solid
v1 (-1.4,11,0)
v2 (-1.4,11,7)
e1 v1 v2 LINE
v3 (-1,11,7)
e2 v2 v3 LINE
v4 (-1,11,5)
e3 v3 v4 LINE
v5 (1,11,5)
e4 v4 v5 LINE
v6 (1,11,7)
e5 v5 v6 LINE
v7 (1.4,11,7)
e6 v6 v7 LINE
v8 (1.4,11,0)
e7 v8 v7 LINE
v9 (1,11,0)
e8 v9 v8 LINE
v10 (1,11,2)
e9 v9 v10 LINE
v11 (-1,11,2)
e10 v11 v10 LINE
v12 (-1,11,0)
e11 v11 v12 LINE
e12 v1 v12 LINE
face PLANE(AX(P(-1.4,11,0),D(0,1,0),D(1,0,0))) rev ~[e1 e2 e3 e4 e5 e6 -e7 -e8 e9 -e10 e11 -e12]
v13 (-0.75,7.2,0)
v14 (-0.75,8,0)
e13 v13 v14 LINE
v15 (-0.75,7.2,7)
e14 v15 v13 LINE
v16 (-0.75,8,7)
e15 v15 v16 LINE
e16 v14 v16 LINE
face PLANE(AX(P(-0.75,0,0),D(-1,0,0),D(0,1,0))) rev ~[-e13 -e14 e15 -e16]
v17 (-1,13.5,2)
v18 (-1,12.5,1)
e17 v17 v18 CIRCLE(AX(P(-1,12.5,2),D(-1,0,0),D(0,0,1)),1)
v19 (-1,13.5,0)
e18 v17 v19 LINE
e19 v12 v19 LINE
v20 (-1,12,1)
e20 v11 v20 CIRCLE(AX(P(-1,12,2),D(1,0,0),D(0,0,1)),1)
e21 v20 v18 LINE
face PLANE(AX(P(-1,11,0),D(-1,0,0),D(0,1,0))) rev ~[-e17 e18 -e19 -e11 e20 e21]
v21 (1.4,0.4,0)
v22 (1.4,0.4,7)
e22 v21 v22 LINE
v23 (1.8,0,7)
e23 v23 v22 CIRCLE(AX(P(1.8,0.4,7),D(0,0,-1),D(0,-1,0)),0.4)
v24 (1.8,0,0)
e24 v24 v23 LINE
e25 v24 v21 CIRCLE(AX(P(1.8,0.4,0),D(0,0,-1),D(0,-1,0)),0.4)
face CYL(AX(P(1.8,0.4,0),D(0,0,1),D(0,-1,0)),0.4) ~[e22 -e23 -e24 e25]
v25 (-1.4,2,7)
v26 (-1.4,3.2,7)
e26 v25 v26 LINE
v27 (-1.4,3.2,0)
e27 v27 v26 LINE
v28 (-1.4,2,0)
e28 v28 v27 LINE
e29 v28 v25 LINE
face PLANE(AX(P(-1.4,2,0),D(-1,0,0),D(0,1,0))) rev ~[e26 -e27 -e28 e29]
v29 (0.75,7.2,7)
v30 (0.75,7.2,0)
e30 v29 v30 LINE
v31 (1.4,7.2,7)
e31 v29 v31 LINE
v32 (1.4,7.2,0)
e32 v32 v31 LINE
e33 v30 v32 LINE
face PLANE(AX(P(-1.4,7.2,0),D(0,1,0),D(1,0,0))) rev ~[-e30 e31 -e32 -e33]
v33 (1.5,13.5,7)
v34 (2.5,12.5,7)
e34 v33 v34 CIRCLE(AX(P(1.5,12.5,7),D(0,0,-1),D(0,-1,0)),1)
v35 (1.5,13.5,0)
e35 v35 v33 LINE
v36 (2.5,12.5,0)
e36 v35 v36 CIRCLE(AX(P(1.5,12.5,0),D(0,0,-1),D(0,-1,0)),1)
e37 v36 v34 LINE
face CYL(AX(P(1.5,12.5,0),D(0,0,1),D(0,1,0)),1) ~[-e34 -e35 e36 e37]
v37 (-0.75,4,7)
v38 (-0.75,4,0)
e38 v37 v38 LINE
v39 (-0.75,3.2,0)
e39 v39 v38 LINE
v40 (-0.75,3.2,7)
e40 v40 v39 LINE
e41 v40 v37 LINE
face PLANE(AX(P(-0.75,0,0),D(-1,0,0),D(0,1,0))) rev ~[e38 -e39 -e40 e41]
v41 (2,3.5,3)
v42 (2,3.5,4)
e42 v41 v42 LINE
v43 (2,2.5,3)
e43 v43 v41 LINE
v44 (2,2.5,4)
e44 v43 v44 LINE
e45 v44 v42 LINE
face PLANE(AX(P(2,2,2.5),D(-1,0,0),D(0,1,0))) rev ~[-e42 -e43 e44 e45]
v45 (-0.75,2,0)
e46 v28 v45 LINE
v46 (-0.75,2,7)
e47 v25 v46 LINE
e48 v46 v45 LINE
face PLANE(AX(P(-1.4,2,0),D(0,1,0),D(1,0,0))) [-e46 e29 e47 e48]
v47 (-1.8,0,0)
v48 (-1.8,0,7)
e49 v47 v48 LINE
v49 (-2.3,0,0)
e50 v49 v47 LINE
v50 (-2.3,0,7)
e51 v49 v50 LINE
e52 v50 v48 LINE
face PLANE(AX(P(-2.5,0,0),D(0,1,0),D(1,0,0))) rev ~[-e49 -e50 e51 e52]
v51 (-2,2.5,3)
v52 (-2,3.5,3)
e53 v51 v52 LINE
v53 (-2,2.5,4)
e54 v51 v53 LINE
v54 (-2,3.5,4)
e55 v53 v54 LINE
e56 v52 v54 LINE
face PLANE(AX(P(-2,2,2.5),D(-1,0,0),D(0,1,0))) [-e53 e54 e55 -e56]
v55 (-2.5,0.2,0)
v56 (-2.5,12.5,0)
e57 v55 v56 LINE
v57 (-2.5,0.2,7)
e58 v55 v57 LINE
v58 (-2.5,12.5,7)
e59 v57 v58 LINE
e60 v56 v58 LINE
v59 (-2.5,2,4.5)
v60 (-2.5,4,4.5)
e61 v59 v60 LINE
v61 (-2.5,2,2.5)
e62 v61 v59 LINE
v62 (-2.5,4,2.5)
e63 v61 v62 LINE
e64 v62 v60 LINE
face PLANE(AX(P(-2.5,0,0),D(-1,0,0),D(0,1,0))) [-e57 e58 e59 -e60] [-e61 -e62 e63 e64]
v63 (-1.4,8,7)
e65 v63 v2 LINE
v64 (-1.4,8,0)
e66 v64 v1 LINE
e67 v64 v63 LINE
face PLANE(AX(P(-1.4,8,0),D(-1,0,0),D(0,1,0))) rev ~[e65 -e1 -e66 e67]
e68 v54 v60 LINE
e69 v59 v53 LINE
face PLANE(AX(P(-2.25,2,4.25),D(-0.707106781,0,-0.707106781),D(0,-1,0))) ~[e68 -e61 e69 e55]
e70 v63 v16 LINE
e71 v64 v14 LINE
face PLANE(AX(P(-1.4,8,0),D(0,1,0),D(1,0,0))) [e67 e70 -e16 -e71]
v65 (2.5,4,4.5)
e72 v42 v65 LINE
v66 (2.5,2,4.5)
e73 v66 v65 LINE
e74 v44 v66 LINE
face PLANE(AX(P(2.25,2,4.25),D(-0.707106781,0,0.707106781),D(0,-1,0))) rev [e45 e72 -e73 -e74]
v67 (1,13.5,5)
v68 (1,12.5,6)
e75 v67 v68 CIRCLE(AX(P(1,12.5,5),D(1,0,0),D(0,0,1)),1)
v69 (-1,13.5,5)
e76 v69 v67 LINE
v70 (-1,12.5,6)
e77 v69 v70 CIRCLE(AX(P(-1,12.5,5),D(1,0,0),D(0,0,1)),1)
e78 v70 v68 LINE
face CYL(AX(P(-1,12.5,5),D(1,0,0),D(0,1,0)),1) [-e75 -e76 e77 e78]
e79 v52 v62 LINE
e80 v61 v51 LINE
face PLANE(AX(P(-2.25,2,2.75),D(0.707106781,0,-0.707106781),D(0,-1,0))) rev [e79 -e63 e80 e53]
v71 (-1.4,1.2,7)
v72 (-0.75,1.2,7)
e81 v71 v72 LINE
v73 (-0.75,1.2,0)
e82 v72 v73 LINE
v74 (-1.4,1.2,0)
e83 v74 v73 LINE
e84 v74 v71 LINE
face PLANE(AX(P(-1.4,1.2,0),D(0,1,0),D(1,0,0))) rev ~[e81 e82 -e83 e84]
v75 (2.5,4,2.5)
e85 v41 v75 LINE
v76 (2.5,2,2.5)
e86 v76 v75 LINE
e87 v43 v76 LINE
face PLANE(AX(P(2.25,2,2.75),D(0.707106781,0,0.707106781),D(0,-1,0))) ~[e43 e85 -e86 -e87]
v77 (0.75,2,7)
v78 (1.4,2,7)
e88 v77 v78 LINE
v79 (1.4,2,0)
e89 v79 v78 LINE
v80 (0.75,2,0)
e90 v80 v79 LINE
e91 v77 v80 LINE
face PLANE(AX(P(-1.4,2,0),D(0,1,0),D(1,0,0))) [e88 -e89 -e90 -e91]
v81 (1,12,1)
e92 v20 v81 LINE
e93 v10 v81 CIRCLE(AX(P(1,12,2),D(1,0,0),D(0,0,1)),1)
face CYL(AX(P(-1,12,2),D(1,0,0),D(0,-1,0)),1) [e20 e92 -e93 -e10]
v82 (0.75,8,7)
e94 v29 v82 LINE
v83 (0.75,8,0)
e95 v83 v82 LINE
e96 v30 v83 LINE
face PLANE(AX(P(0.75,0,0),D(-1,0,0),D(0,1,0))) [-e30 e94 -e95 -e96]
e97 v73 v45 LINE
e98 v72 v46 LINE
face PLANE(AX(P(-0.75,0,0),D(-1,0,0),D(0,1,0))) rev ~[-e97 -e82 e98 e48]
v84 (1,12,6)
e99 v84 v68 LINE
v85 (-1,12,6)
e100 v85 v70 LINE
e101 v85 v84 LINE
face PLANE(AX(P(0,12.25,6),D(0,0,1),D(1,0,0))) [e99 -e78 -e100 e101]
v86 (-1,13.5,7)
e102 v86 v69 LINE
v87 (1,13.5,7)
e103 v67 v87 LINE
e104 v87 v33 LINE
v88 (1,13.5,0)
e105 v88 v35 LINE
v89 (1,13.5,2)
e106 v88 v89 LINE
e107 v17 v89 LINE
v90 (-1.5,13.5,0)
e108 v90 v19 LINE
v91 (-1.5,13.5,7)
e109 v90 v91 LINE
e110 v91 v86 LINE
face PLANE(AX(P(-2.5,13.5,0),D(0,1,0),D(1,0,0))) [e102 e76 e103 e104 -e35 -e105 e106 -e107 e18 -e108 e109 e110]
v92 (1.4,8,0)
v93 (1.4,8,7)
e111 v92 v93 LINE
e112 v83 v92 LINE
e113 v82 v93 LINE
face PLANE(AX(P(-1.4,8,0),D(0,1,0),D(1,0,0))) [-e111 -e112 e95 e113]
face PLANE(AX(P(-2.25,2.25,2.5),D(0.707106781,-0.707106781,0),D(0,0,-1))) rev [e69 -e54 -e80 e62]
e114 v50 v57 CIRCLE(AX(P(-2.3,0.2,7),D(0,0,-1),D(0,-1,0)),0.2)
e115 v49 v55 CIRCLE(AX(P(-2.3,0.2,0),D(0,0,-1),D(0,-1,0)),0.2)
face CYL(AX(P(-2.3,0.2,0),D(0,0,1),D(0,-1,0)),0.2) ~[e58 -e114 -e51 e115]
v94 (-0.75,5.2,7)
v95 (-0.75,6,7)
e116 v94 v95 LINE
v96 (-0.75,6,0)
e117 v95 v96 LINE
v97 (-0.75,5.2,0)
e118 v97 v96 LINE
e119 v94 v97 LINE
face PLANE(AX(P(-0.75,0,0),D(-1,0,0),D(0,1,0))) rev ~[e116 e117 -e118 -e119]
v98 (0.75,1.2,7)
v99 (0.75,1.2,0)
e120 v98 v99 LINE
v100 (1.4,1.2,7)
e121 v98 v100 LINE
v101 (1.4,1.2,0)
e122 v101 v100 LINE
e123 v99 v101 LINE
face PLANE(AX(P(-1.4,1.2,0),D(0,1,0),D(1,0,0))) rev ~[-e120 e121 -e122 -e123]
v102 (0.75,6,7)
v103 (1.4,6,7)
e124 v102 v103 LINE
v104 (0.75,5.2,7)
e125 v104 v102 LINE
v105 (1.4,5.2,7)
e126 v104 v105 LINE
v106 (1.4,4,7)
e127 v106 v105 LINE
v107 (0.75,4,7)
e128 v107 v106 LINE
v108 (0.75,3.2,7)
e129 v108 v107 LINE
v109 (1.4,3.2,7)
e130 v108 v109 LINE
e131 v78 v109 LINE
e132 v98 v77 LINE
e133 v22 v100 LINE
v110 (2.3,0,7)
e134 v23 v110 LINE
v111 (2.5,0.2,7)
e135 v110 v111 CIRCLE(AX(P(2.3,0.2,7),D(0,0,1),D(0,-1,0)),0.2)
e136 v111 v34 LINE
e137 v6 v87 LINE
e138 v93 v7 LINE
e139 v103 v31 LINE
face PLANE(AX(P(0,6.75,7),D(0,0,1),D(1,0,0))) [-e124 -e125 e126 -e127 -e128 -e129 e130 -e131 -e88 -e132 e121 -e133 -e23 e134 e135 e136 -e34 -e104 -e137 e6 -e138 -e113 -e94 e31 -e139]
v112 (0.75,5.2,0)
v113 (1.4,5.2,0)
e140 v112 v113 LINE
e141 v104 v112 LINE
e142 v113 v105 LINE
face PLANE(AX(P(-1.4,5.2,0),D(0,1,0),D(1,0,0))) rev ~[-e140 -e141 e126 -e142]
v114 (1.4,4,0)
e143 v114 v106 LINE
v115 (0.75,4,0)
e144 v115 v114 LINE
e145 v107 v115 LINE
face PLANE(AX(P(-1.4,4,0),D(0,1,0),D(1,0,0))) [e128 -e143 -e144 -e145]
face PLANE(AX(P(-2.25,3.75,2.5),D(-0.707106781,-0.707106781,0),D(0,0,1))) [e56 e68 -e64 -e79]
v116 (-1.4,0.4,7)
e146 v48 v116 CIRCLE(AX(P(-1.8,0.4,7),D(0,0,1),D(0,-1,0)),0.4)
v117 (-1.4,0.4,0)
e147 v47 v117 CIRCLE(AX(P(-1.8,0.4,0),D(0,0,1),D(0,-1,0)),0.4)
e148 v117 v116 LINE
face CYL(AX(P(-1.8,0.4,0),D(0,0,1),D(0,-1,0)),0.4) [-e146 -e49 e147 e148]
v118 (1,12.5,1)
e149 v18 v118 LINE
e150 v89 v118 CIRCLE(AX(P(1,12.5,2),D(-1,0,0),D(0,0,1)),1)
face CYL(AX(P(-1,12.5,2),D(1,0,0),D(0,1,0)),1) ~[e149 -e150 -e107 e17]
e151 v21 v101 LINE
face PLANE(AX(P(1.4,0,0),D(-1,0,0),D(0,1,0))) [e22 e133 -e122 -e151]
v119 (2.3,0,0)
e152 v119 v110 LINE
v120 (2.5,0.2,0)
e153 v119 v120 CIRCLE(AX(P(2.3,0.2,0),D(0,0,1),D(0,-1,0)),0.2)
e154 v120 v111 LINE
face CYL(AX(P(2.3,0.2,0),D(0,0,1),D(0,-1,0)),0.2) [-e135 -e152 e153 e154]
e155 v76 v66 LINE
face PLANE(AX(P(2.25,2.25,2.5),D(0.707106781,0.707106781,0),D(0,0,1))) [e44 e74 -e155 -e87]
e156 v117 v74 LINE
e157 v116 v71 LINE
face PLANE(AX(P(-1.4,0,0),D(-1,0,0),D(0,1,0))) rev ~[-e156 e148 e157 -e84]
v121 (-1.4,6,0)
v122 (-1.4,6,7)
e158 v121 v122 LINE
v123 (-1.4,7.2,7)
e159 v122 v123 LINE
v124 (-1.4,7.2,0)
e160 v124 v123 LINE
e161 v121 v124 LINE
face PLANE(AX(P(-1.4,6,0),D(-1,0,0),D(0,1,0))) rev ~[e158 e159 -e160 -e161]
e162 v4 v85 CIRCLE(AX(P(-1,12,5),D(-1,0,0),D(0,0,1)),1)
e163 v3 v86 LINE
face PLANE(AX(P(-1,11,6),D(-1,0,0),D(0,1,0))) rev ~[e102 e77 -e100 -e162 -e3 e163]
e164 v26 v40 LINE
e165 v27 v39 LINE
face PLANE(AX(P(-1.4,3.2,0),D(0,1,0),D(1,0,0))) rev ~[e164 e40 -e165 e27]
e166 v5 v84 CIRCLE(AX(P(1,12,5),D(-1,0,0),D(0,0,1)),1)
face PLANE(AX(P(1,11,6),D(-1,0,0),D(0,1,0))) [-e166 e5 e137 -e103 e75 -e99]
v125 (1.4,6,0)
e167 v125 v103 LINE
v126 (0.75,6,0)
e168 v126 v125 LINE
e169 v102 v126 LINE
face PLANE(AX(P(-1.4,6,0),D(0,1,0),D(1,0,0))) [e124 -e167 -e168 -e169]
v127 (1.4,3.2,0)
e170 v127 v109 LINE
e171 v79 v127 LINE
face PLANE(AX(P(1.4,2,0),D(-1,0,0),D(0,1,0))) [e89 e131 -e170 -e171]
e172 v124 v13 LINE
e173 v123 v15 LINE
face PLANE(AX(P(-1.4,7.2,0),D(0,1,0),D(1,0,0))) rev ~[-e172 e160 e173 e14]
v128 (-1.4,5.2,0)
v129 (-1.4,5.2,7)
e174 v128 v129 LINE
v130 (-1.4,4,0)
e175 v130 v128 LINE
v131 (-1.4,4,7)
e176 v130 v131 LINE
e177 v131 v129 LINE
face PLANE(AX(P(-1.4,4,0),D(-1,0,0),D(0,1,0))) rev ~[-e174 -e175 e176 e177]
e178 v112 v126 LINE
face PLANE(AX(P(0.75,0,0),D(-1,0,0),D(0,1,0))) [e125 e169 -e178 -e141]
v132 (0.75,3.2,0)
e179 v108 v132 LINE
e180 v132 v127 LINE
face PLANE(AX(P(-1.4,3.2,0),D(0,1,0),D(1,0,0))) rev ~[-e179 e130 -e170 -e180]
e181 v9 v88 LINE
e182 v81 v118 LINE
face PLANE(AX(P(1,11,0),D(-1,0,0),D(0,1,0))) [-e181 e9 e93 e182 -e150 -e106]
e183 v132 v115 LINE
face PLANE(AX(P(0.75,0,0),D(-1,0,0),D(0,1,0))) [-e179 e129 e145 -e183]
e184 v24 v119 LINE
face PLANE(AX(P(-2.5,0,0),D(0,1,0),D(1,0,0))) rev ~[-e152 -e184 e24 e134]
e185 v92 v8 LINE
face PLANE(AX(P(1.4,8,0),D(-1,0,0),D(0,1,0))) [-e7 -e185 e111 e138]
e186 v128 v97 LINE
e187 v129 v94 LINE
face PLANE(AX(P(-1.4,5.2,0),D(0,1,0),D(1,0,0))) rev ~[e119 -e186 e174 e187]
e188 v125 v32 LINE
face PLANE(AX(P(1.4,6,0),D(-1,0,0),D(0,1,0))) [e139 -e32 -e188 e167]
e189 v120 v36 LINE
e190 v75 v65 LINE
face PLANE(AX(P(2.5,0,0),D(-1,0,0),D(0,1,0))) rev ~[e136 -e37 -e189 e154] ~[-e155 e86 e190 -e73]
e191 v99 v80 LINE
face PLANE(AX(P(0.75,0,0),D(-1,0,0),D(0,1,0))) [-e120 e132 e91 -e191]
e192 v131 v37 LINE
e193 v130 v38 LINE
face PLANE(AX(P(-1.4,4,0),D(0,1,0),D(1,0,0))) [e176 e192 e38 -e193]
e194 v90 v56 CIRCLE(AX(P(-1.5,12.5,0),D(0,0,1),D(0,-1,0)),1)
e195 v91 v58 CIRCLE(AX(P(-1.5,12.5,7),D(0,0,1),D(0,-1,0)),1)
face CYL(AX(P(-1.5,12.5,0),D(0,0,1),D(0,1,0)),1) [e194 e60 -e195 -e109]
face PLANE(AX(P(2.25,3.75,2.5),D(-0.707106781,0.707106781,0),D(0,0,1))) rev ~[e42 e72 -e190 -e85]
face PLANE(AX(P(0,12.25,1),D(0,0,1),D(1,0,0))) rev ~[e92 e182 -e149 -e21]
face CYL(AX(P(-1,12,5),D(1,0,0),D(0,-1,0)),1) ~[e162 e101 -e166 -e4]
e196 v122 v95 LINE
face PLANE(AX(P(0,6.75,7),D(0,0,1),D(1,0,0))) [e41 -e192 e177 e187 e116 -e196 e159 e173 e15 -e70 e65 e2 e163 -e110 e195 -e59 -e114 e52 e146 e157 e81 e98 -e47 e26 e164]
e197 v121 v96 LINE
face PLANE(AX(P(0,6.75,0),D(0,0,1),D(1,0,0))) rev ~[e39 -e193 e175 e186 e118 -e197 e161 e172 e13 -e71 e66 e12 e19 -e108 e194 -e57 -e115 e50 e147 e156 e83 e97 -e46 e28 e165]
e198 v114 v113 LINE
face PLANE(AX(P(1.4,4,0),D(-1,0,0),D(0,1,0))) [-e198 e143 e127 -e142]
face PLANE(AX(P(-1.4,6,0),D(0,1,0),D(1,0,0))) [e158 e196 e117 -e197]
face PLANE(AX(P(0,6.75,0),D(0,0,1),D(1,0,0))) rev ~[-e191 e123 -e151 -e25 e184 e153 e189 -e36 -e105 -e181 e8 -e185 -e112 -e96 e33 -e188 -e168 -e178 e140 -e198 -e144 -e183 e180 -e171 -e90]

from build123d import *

# Parameters (mm, degrees)
BOX013_W     = 1
BOX013_H     = 2
BOX013_DEPTH = 2
BOX012_W     = 1
BOX012_H     = 2
BOX012_DEPTH = 2
CHAMFER_SIZE = 0.5
BOX007_W     = 2
BOX007_H     = 2.5
BOX007_DEPTH = 1
BOX008_W     = 2
BOX008_H     = 2.5
BOX008_DEPTH = 1
BOX_W        = 1.5
BOX_H        = 10
BOX_DEPTH    = 7
BOX001_W     = 2.8
BOX001_H     = 1.2
BOX001_DEPTH = 7
BOX002_W     = 2.8
BOX002_H     = 1.2
BOX002_DEPTH = 7
BOX003_W     = 2.8
BOX003_H     = 1.2
BOX003_DEPTH = 7
BOX004_W     = 2.8
BOX004_H     = 1.2
BOX004_DEPTH = 7
BOX005_W     = 2.8
BOX005_H     = 3
BOX005_DEPTH = 7
BOX006_W     = 5
BOX006_H     = 13.5
BOX006_DEPTH = 7
FILLET_R     = 1
FILLET007_R  = 1
FILLET008_R  = 0.4
FILLET009_R  = 0.2


with BuildPart() as cube013:
    # Box013 → Box013 (new body)
    with BuildSketch(Plane(origin=(-3, 2, 2.5), x_dir=(1, 0, 0), z_dir=(0, 0, 1))):
        with Locations((0.5, 1)):
            Rectangle(BOX013_W, BOX013_H)
    extrude(amount=BOX013_DEPTH)


with BuildPart() as chamfer_body:
    # Box012 → Box012 (new body)
    with BuildSketch(Plane(origin=(2, 2, 2.5), x_dir=(1, 0, 0), z_dir=(0, 0, 1))):
        with Locations((0.5, 1)):
            Rectangle(BOX012_W, BOX012_H)
    extrude(amount=BOX012_DEPTH)

    # Fusion005: union Cube013
    add(cube013.part)

    # Chamfer
    chamfer_edges = [chamfer_body.edges().sort_by_distance(p)[0] for p in [
        (2, 2, 3.5),
        (2, 3, 4.5),
        (2, 4, 3.5),
        (2, 3, 2.5),
        (-2, 2, 3.5),
        (-2, 3, 4.5),
        (-2, 4, 3.5),
        (-2, 3, 2.5),
    ]]
    chamfer(chamfer_edges, length=CHAMFER_SIZE)


with BuildPart() as cube007:
    # Box007 → Box007 (new body)
    with BuildSketch(Plane(origin=(-1, 11, 0), x_dir=(1, 0, 0), z_dir=(0, 0, 1))):
        with Locations((1, 1.25)):
            Rectangle(BOX007_W, BOX007_H)
    extrude(amount=BOX007_DEPTH)


with BuildPart() as fusion001:
    # Box008 → Box008 (new body)
    with BuildSketch(Plane(origin=(-1, 11, 6), x_dir=(1, 0, 0), z_dir=(0, 0, 1))):
        with Locations((1, 1.25)):
            Rectangle(BOX008_W, BOX008_H)
    extrude(amount=BOX008_DEPTH)

    # Fusion001: union Cube007
    add(cube007.part)


with BuildPart() as cube:
    # Box → Box (new body)
    with BuildSketch(Plane(origin=(-0.75, 0, 0), x_dir=(1, 0, 0), z_dir=(0, 0, 1))):
        with Locations((0.75, 5)):
            Rectangle(BOX_W, BOX_H)
    extrude(amount=BOX_DEPTH)


with BuildPart() as cube001:
    # Box001 → Box001 (new body)
    with BuildSketch(Plane(origin=(-1.4, 0, 0), x_dir=(1, 0, 0), z_dir=(0, 0, 1))):
        with Locations((1.4, 0.6)):
            Rectangle(BOX001_W, BOX001_H)
    extrude(amount=BOX001_DEPTH)


with BuildPart() as cube002:
    # Box002 → Box002 (new body)
    with BuildSketch(Plane(origin=(-1.4, 2, 0), x_dir=(1, 0, 0), z_dir=(0, 0, 1))):
        with Locations((1.4, 0.6)):
            Rectangle(BOX002_W, BOX002_H)
    extrude(amount=BOX002_DEPTH)


with BuildPart() as cube003:
    # Box003 → Box003 (new body)
    with BuildSketch(Plane(origin=(-1.4, 4, 0), x_dir=(1, 0, 0), z_dir=(0, 0, 1))):
        with Locations((1.4, 0.6)):
            Rectangle(BOX003_W, BOX003_H)
    extrude(amount=BOX003_DEPTH)


with BuildPart() as cube004:
    # Box004 → Box004 (new body)
    with BuildSketch(Plane(origin=(-1.4, 6, 0), x_dir=(1, 0, 0), z_dir=(0, 0, 1))):
        with Locations((1.4, 0.6)):
            Rectangle(BOX004_W, BOX004_H)
    extrude(amount=BOX004_DEPTH)


with BuildPart() as fusion:
    # Box005 → Box005 (new body)
    with BuildSketch(Plane(origin=(-1.4, 8, 0), x_dir=(1, 0, 0), z_dir=(0, 0, 1))):
        with Locations((1.4, 1.5)):
            Rectangle(BOX005_W, BOX005_H)
    extrude(amount=BOX005_DEPTH)

    # Fusion: union Cube, Cube001, Cube002, Cube003, Cube004
    add(cube.part)
    add(cube001.part)
    add(cube002.part)
    add(cube003.part)
    add(cube004.part)


with BuildPart() as fillet009:
    # Box006 → Box006 (new body)
    with BuildSketch(Plane(origin=(-2.5, 0, 0), x_dir=(1, 0, 0), z_dir=(0, 0, 1))):
        with Locations((2.5, 6.75)):
            Rectangle(BOX006_W, BOX006_H)
    extrude(amount=BOX006_DEPTH)

    # Cut: cut Fusion
    add(fusion.part, mode=Mode.SUBTRACT)

    # Cut004: cut Fusion001
    add(fusion001.part, mode=Mode.SUBTRACT)

    # Cut005: cut Chamfer body
    add(chamfer_body.part, mode=Mode.SUBTRACT)

    # Fillet
    fillet_edges = [fillet009.edges().sort_by_distance(p)[0] for p in [
        (0, 13.5, 1),
        (0, 13.5, 6),
        (0, 11, 1),
        (0, 11, 6),
    ]]
    fillet(fillet_edges, radius=FILLET_R)

    # Fillet007
    fillet007_edges = [fillet009.edges().sort_by_distance(p)[0] for p in [
        (-2.5, 13.5, 3.5),
        (2.5, 13.5, 3.5),
    ]]
    fillet(fillet007_edges, radius=FILLET007_R)

    # Fillet008
    fillet008_edges = [fillet009.edges().sort_by_distance(p)[0] for p in [
        (-1.4, 0, 3.5),
        (1.4, 0, 3.5),
    ]]
    fillet(fillet008_edges, radius=FILLET008_R)

    # Fillet009
    fillet009_edges = [fillet009.edges().sort_by_distance(p)[0] for p in [
        (-2.5, 0, 3.5),
        (2.5, 0, 3.5),
    ]]
    fillet(fillet009_edges, radius=FILLET009_R)


solid = fillet009.part
